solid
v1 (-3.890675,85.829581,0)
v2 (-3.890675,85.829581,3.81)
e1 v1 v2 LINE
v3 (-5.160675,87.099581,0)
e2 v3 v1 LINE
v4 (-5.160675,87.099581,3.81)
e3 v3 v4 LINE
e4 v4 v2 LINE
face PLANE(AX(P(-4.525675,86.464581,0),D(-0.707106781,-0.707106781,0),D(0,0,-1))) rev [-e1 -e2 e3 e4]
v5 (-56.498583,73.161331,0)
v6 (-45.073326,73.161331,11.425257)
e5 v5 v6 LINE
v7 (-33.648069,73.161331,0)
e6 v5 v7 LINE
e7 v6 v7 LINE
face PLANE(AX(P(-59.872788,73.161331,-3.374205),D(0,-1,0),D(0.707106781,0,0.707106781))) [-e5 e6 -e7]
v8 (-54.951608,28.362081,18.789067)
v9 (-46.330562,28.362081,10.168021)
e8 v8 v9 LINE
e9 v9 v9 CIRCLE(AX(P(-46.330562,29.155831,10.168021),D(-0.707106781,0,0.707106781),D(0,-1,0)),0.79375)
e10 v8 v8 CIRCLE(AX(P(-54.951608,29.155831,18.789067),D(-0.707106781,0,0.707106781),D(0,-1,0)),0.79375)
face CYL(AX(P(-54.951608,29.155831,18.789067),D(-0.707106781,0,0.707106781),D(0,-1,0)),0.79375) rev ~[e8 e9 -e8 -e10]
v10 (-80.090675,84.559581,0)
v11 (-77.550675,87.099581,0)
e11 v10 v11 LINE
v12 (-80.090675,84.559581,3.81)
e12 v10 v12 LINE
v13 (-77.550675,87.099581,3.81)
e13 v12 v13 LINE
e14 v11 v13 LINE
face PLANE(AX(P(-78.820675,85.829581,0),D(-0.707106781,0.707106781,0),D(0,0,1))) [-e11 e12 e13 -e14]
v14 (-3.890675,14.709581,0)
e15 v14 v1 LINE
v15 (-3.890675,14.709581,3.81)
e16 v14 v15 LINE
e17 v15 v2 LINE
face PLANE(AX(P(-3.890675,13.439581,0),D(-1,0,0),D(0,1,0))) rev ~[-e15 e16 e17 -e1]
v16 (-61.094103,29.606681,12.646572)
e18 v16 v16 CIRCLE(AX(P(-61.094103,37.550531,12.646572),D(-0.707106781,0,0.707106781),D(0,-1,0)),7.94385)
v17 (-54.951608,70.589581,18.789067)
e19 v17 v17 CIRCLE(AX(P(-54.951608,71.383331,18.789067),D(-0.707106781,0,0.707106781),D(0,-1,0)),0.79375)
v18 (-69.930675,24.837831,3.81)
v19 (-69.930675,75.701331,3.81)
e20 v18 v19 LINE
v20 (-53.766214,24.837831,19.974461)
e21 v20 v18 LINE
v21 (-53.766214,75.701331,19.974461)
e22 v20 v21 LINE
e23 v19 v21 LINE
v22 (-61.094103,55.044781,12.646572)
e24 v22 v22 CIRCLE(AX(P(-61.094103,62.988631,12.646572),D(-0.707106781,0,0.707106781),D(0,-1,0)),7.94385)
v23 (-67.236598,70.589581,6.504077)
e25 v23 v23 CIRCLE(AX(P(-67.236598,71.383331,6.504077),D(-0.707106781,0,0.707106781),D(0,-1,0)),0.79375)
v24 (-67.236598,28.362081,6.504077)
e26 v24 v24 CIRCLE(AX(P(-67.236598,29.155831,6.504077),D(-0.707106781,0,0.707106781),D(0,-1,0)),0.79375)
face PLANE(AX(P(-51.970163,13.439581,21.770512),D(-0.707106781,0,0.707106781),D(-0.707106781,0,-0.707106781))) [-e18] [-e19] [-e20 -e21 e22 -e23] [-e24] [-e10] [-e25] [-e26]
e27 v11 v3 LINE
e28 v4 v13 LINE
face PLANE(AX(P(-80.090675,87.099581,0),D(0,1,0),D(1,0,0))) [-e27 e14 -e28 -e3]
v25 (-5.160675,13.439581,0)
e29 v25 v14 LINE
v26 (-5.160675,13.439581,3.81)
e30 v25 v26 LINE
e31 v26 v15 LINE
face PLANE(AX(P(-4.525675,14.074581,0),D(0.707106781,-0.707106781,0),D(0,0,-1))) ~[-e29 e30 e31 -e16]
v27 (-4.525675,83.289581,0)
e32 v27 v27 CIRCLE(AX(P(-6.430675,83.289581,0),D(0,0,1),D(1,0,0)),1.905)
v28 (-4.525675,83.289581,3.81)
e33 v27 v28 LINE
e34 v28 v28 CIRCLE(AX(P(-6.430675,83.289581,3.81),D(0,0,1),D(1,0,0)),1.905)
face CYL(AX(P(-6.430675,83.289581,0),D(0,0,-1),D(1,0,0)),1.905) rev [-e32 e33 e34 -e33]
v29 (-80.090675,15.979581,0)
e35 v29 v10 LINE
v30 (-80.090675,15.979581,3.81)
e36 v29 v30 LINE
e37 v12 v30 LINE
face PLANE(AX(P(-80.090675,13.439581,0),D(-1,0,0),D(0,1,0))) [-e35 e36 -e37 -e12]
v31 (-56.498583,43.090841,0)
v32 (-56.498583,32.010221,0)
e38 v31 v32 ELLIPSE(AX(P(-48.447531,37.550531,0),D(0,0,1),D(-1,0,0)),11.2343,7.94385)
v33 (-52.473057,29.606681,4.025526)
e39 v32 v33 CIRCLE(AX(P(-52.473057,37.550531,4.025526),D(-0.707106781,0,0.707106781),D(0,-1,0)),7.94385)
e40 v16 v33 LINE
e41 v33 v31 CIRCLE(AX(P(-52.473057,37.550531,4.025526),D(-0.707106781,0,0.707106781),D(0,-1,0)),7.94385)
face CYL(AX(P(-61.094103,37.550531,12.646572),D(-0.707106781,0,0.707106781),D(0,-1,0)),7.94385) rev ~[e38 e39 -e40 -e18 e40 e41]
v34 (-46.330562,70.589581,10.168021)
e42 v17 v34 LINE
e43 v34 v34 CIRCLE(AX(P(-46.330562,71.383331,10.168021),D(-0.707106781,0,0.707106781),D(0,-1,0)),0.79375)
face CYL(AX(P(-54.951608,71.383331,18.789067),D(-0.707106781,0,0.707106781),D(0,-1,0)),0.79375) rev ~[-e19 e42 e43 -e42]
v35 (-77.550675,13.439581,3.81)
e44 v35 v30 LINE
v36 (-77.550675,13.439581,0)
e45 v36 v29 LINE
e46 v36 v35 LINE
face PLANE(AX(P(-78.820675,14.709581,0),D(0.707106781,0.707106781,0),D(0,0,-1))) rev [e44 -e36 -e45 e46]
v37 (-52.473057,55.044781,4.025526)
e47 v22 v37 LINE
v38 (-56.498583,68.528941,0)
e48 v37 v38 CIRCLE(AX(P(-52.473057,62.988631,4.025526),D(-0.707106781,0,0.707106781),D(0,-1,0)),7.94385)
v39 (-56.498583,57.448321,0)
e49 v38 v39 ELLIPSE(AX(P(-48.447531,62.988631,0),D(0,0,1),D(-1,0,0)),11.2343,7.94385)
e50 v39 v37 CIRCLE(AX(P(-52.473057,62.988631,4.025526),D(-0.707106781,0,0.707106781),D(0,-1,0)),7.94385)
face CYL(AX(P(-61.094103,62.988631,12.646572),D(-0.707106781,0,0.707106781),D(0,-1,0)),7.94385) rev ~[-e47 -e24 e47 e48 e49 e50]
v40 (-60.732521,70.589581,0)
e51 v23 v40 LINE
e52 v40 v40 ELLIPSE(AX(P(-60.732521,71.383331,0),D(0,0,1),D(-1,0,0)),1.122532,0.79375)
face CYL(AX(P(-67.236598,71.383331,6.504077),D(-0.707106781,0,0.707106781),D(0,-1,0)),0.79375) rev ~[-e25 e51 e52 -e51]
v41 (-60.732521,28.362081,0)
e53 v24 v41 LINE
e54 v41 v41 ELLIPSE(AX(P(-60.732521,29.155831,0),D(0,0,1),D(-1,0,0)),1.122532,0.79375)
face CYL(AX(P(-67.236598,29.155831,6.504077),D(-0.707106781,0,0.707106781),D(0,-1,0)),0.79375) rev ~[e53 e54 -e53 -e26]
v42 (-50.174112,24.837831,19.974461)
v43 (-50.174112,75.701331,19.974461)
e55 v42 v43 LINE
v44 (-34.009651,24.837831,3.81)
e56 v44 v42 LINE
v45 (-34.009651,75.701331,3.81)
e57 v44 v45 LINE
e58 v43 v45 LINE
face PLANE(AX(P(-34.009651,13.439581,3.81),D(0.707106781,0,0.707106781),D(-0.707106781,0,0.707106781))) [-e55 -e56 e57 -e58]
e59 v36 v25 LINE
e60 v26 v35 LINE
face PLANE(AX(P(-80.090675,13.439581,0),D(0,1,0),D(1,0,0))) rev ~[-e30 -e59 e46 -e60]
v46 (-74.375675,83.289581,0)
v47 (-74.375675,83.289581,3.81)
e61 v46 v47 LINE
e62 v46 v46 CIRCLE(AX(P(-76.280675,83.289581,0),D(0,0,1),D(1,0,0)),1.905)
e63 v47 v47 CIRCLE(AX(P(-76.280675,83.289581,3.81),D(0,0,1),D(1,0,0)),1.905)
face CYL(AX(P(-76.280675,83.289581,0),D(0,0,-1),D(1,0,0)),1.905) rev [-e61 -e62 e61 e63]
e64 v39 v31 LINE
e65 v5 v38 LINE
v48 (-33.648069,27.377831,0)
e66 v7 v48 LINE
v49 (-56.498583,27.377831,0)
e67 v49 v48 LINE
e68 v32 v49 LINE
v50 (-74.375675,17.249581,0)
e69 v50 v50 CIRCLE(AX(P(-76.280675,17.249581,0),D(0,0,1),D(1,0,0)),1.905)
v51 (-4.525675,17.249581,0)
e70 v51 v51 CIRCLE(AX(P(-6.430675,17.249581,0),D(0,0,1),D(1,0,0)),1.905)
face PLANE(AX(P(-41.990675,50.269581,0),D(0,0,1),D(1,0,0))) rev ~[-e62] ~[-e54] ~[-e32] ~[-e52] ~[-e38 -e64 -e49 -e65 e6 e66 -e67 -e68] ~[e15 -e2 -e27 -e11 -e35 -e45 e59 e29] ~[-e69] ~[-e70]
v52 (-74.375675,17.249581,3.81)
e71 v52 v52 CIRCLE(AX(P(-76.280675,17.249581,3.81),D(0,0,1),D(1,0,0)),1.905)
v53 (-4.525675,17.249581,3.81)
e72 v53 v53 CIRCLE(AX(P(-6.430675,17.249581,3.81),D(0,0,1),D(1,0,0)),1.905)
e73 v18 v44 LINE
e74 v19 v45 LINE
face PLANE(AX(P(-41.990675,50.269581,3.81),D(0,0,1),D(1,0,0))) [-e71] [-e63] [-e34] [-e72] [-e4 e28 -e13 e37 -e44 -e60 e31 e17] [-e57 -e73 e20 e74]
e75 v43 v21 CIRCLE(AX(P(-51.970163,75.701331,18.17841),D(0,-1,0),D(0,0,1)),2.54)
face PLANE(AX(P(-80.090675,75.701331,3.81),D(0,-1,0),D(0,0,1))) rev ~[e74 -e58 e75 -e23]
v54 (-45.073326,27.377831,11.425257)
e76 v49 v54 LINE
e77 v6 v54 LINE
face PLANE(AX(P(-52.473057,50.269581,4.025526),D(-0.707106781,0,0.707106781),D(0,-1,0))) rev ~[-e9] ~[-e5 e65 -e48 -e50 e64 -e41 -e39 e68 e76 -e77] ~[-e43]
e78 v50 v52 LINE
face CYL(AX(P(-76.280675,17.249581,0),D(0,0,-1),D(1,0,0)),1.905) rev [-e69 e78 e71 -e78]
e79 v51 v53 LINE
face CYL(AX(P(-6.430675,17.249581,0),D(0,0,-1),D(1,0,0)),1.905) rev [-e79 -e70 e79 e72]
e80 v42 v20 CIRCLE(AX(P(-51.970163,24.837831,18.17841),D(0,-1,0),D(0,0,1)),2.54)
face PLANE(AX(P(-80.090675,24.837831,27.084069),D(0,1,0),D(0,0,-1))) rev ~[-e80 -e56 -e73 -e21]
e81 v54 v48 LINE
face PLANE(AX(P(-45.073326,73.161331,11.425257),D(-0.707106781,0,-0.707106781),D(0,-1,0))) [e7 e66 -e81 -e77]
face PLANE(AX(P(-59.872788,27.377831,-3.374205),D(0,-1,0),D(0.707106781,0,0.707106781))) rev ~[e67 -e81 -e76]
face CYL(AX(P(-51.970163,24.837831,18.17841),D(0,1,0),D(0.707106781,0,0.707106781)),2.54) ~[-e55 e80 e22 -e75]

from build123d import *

# Parameters (mm, degrees)
F0_W      = 76.2
F0_H      = 73.66
F0_R      = 1.905
F1_DEPTH  = 3.81
F2_SIZE   = 1.27
F3_SIZE   = 2.54
F5_DEPTH  = 73.66
F6_R      = 7.94385
F6_R_2    = 0.79375
F7_DEPTH  = 49.3924086659
F9_W      = 45.7835
F9_H      = 20.9296
F9_W_2    = 45.2755
F9_H_2    = 20.4216
F9_R      = 0.79375
F10_DEPTH = 25.4
F12_DEPTH = 76.201
F13_R     = 2.54


with BuildPart() as f1:
    # F0 (on Top) → F1 (new body)
    with BuildSketch(Plane.XY):
        with Locations((-41.9906750321, 50.2695810336)):
            Rectangle(F0_W, F0_H)
        with Locations((-76.2806750321, 17.2495810336)):
            Circle(F0_R, mode=Mode.SUBTRACT)
        with Locations((-6.4306750321, 17.2495810336)):
            Circle(F0_R, mode=Mode.SUBTRACT)
        with Locations((-76.2806750321, 83.2895810336)):
            Circle(F0_R, mode=Mode.SUBTRACT)
        with Locations((-6.4306750321, 83.2895810336)):
            Circle(F0_R, mode=Mode.SUBTRACT)
    extrude(amount=F1_DEPTH)

    # F2
    f2_edges = [f1.edges().sort_by_distance(p)[0] for p in [
        (-3.890675, 13.439581, 1.905),
        (-3.890675, 87.099581, 1.905),
    ]]
    chamfer(f2_edges, length=F2_SIZE)

    # F3
    f3_edges = [f1.edges().sort_by_distance(p)[0] for p in [
        (-80.090675, 13.439581, 1.905),
        (-80.090675, 87.099581, 1.905),
    ]]
    chamfer(f3_edges, length=F3_SIZE)

    # F4 (on face) → F5 (join, through all)
    with BuildSketch(Plane.XZ.offset(-13.4395810336)):
        Polygon((-51.97016279, 21.7705122421), (-69.9306750321, 3.81), (-34.0096505479, 3.81), align=None)
    extrude(amount=-F5_DEPTH)

    # F6 (on face) → F7 (cut, through all)
    with BuildSketch(Plane(origin=(-36.8703375161, 0, 36.8703375161), x_dir=(0, -1, 0), z_dir=(-0.7071067812, 0, 0.7071067812))):
        with Locations((-62.9886310336, -34.2575776919)):
            Circle(F6_R)
        with Locations((-37.5505310336, -34.2575776919)):
            Circle(F6_R)
        with Locations((-29.1558310336, -25.5707776919)):
            Circle(F6_R_2)
        with Locations((-29.1558310336, -42.9443776919)):
            Circle(F6_R_2)
        with Locations((-71.3833310336, -42.9443776919)):
            Circle(F6_R_2)
        with Locations((-71.3833310336, -25.5707776919)):
            Circle(F6_R_2)
    extrude(amount=-F7_DEPTH, mode=Mode.SUBTRACT)

    # F9 (on offset) → F10 (cut)
    with BuildSketch(Plane(origin=(-28.2492916398, 0, 28.2492916398), x_dir=(0, -1, 0), z_dir=(-0.7071067812, 0, 0.7071067812))):
        with Locations((-50.2695810336, -34.2575776919)):
            Rectangle(F9_W, F9_H)
        with Locations((-50.2695810336, -34.2575776919)):
            Rectangle(F9_W_2, F9_H_2, mode=Mode.SUBTRACT)
        with Locations((-50.2695810336, -34.2575776919)):
            Rectangle(F9_W_2, F9_H_2)
        with Locations((-71.3833310336, -42.9443776919)):
            Circle(F9_R, mode=Mode.SUBTRACT)
        with Locations((-29.1558310336, -42.9443776919)):
            Circle(F9_R, mode=Mode.SUBTRACT)
        with Locations((-71.3833310336, -25.5707776919)):
            Circle(F9_R, mode=Mode.SUBTRACT)
        with Locations((-29.1558310336, -25.5707776919)):
            Circle(F9_R, mode=Mode.SUBTRACT)
        with Locations((-29.1558310336, -25.5707776919)):
            Circle(F9_R)
        with Locations((-29.1558310336, -42.9443776919)):
            Circle(F9_R)
        with Locations((-71.3833310336, -42.9443776919)):
            Circle(F9_R)
        with Locations((-71.3833310336, -25.5707776919)):
            Circle(F9_R)
    extrude(amount=-F10_DEPTH, mode=Mode.SUBTRACT)

    # F11 (on face) → F12 (cut, through all)
    with BuildSketch(Plane(origin=(-80.0906750321, 0, 0), x_dir=(0, -1, 0), z_dir=(-1, 0, 0))):
        Polygon((-84.5595810336, 3.81), (-75.7013310336, 3.81), (-75.7013310336, 27.0840693265), (-94.177685678, 27.0840693265), (-93.6518386006, 3.81), align=None)
        Polygon((-24.8378310336, 27.0840693265), (-24.8378310336, 3.81), (-15.9795810336, 3.81), (-6.8873234665, 3.81), (-6.3614763892, 27.0840693265), align=None)
    extrude(amount=-F12_DEPTH, mode=Mode.SUBTRACT)

    # F13
    f13_edges = [f1.edges().sort_by_distance(p)[0] for p in [
        (-51.970163, 50.269581, 21.770512),
    ]]
    fillet(f13_edges, radius=F13_R)


solid = f1.part
